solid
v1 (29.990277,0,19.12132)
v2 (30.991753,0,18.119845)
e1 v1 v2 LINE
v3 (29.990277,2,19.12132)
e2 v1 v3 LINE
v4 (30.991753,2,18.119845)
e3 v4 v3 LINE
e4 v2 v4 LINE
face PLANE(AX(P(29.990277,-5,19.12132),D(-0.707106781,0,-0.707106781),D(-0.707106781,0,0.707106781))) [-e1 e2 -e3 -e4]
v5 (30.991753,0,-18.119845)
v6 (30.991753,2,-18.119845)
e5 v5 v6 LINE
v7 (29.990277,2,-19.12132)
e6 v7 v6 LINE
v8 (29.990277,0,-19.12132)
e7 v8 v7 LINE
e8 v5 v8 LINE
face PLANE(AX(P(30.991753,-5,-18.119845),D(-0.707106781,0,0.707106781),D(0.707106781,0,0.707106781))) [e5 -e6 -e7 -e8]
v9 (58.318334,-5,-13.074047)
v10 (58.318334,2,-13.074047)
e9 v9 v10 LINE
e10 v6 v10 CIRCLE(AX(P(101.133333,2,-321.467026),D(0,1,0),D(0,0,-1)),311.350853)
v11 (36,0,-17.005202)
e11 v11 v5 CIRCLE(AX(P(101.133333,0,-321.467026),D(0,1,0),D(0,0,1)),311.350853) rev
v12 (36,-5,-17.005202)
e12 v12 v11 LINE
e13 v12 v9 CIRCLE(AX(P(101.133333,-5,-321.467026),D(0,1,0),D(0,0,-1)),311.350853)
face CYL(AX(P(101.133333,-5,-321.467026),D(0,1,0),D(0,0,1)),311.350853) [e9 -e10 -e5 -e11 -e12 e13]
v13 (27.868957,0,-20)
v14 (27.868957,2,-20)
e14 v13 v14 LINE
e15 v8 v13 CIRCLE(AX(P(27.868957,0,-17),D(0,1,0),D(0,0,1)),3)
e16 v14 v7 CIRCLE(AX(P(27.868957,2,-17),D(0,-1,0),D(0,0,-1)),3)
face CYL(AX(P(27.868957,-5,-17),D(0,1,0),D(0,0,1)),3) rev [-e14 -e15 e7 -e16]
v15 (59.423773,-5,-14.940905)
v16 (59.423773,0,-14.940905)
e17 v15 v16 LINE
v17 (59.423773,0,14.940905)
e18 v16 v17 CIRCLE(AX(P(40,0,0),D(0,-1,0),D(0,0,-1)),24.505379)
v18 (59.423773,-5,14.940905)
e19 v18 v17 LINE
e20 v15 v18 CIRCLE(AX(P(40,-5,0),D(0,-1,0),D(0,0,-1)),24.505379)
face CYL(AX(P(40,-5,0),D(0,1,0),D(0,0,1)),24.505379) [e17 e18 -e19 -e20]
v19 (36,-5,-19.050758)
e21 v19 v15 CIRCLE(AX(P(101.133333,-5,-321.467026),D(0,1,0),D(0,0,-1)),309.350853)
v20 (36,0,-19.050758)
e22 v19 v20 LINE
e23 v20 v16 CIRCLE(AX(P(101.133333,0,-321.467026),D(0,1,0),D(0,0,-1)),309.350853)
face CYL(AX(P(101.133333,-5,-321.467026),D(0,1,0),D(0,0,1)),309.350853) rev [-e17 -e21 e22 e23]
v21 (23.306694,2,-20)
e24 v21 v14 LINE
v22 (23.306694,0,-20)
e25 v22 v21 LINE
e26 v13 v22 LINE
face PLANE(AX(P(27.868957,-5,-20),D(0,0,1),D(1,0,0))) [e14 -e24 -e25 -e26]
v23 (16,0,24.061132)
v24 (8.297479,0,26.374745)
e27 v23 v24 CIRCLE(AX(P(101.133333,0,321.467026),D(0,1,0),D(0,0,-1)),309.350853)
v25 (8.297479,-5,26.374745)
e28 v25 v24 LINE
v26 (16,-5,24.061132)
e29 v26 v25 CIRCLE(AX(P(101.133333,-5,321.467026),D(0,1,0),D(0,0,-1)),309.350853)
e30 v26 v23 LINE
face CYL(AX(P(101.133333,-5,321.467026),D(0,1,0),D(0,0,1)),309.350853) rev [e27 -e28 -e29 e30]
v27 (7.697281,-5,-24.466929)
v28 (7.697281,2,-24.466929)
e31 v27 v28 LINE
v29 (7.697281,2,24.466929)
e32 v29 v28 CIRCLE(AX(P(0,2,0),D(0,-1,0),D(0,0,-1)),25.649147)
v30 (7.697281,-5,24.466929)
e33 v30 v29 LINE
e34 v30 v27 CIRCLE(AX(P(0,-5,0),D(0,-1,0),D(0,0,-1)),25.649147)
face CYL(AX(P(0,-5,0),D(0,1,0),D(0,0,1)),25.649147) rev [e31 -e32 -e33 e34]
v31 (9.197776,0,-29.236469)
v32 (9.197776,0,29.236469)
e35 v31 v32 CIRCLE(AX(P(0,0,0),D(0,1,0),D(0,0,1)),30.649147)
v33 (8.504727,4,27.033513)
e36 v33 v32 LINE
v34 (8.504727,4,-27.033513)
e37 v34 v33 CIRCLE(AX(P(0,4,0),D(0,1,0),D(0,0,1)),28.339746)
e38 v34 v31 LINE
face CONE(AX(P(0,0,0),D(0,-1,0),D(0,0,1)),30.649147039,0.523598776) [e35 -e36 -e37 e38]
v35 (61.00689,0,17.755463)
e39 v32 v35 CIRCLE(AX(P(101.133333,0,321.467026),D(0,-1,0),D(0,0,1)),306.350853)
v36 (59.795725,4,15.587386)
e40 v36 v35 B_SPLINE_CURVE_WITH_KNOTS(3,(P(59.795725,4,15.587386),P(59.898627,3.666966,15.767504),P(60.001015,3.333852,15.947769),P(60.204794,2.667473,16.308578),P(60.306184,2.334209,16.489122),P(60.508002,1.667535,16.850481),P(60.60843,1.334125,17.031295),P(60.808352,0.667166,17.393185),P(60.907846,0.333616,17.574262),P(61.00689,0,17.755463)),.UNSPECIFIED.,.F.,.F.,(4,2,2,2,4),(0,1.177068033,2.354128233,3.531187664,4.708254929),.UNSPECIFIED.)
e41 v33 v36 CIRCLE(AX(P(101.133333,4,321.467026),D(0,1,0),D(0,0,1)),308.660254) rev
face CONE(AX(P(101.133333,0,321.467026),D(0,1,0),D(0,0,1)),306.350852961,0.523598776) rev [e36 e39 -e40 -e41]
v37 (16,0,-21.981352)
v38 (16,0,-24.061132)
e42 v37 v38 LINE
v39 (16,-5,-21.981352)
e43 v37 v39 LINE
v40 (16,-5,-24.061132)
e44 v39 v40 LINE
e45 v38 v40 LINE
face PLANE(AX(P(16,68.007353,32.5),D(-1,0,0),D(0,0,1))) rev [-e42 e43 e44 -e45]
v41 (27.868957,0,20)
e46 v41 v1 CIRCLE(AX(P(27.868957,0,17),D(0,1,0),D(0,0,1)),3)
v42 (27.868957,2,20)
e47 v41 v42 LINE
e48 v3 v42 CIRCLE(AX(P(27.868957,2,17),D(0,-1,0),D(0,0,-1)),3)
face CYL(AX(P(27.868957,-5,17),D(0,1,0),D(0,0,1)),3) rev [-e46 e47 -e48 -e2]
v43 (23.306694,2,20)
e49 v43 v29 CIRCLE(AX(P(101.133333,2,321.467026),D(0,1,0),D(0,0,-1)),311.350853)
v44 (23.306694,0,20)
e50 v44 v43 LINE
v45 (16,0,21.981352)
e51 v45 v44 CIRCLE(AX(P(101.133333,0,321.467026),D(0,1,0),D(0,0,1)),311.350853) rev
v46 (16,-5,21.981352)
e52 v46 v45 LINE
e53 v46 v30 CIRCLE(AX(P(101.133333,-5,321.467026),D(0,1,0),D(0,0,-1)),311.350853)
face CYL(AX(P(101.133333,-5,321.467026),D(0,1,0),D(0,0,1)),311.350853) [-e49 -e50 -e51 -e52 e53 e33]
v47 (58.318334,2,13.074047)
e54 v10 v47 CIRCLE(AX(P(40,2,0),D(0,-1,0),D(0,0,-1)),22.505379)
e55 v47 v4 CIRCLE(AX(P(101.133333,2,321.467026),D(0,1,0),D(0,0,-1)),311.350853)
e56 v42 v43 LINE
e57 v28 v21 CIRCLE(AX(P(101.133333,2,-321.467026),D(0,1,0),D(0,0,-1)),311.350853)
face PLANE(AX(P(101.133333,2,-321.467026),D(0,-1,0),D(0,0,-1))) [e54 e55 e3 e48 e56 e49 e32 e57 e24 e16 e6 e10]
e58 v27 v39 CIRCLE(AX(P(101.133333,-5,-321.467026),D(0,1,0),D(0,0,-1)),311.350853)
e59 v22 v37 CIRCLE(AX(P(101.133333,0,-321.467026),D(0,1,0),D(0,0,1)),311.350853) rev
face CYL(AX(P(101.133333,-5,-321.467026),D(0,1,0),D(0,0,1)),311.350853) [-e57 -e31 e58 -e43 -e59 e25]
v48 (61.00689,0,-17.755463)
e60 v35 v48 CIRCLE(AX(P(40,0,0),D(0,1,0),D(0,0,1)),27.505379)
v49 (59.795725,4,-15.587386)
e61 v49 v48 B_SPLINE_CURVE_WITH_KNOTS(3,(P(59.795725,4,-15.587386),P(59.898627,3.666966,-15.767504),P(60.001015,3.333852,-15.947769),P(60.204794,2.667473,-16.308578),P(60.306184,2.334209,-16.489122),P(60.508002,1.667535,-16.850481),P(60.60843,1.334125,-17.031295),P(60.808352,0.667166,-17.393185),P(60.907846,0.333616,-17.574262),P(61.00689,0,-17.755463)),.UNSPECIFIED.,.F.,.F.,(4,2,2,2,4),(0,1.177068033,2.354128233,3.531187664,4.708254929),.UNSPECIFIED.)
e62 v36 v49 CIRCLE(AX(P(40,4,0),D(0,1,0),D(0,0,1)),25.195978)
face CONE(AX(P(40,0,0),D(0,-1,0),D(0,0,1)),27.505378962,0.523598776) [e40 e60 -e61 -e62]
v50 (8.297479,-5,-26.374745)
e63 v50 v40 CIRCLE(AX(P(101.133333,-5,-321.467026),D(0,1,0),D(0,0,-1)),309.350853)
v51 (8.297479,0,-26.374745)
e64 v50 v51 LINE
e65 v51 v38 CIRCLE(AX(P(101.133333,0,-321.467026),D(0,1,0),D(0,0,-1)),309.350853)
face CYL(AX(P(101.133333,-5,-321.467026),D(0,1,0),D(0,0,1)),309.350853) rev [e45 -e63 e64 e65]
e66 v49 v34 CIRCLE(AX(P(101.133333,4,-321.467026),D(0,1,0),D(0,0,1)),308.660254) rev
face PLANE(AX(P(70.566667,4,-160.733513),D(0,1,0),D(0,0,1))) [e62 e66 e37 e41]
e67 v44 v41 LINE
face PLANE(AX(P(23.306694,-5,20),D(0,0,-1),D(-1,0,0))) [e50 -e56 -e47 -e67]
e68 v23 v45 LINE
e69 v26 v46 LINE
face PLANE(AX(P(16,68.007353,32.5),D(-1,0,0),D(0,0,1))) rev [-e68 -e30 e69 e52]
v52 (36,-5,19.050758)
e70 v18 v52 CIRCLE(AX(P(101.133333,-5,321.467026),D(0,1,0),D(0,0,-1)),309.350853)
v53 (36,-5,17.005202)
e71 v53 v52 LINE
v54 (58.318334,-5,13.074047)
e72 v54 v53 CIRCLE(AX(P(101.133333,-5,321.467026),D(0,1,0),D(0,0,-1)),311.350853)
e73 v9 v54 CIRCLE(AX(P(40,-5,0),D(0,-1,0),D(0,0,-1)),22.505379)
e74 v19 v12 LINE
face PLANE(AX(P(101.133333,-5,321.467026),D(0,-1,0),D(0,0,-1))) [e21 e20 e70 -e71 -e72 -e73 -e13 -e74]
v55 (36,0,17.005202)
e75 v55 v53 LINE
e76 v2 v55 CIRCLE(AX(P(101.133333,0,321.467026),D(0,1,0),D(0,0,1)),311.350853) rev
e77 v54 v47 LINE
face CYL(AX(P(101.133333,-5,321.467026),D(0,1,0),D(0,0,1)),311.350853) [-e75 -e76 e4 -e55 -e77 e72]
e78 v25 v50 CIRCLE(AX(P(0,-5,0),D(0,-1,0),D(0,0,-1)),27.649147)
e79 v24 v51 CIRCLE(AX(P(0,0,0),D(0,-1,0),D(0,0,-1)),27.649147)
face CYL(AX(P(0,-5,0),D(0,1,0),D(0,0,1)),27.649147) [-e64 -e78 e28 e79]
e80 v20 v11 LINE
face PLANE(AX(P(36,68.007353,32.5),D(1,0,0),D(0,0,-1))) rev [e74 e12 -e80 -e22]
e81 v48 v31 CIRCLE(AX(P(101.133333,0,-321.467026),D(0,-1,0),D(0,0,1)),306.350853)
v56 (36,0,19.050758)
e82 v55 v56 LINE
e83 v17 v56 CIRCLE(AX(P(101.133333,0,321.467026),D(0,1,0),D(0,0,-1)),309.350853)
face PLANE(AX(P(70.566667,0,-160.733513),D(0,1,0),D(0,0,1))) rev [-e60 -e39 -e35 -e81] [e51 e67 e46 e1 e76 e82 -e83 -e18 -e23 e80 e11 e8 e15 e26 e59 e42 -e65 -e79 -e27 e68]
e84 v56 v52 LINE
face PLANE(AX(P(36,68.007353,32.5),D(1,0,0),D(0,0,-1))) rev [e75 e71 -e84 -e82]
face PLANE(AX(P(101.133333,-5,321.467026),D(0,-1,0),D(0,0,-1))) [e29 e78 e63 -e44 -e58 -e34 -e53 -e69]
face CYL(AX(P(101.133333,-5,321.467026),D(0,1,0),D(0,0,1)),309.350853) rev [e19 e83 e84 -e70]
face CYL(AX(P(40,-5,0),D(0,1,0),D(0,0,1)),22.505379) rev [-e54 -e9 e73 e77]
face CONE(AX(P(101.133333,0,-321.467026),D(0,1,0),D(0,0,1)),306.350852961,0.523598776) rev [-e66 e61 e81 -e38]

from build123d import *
from build123d.topology import SkipClean

# Parameters (mm, degrees)
BOSS_EXTRUDE1_DEPTH = 4
BOSS_EXTRUDE1_DRAFT = 30
BOSS_EXTRUDE2_DEPTH = 5
CUT_EXTRUDE1_START  = -2
CUT_EXTRUDE1_DEPTH  = 2
SKETCH4_W           = 20
SKETCH4_H           = 65
CUT_EXTRUDE2_DEPTH  = 5


with BuildPart() as part:
    # Sketch1 → Boss-Extrude1 (with draft: the straight prism first)
    with BuildSketch(Plane(origin=(0, 0, 0), x_dir=(1, 0, 0), z_dir=(0, 1, 0))):
        with BuildLine():
            ThreePointArc((9.197775679, 29.236469294), (-30.649147039, 0), (9.197775679, -29.236469294))
            ThreePointArc((9.197775679, -29.236469294), (34.853272727, -22.372060148), (61.006889531, -17.755462936))
            ThreePointArc((61.006889531, -17.755462936), (67.505378962, 0), (61.006889531, 17.755462936))
            ThreePointArc((61.006889531, 17.755462936), (34.853272727, 22.372060148), (9.197775679, 29.236469294))
        make_face()
    extrude(amount=BOSS_EXTRUDE1_DEPTH)
    # Boss-Extrude1: the draft: its side faces are tilted about the plane it starts from
    boss_extrude1_sides = [part.faces().sort_by_distance(p)[0] for p in [
        (34.853272727, 2, -22.372060148),
        (-30.649147039, 2, 0),
        (34.853272727, 2, 22.372060148),
        (67.505378962, 2, 0),
    ]]
    draft(boss_extrude1_sides, Plane(origin=(0, 0, 0), x_dir=(1, 0, 0), z_dir=(0, 1, 0)), BOSS_EXTRUDE1_DRAFT)

    # Sketch2 → Boss-Extrude2 (add)
    with BuildSketch(Plane.XZ):
        with BuildLine():
            Line((27.868957123, -22), (23.561105774, -22))
            ThreePointArc((23.561105774, -22), (15.901219685, -24.089426048), (8.297478943, -26.374745026))
            ThreePointArc((8.297478943, -26.374745026), (-27.649147039, 0), (8.297478943, 26.374745026))
            ThreePointArc((8.297478943, 26.374745026), (15.901219685, 24.089426048), (23.561105774, 22))
            Line((23.561105774, 22), (27.868957123, 22))
            ThreePointArc((27.868957123, 22), (29.782374284, 21.619397663), (31.404491029, 20.535533906))
            Line((31.404491029, 20.535533906), (32, 19.940024934))
            ThreePointArc((32, 19.940024934), (45.655548758, 17.131412627), (59.423772768, 14.940905244))
            ThreePointArc((59.423772768, 14.940905244), (64.505378962, 0), (59.423772768, -14.940905244))
            ThreePointArc((59.423772768, -14.940905244), (45.655548758, -17.131412627), (32, -19.940024934))
            Line((32, -19.940024934), (31.404491029, -20.535533906))
            ThreePointArc((31.404491029, -20.535533906), (29.782374284, -21.619397663), (27.868957123, -22))
        make_face()
        with BuildLine():
            Line((27.868957123, -20), (23.306693962, -20))
            ThreePointArc((23.306693962, -20), (15.472865522, -22.131699291), (7.697281119, -24.466928847))
            ThreePointArc((7.697281119, -24.466928847), (-25.649147039, 0), (7.697281119, 24.466928847))
            ThreePointArc((7.697281119, 24.466928847), (15.472865522, 22.131699291), (23.306693962, 20))
            Line((23.306693962, 20), (27.868957123, 20))
            ThreePointArc((27.868957123, 20), (29.01700742, 19.771638598), (29.990277466, 19.121320344))
            Line((29.990277466, 19.121320344), (30.991752856, 18.119844953))
            ThreePointArc((30.991752856, 18.119844953), (44.598722443, 15.291926863), (58.318334372, 13.074047119))
            ThreePointArc((58.318334372, 13.074047119), (62.505378962, 0), (58.318334372, -13.074047119))
            ThreePointArc((58.318334372, -13.074047119), (44.598722443, -15.291926863), (30.991752856, -18.119844953))
            Line((30.991752856, -18.119844953), (29.990277466, -19.121320344))
            ThreePointArc((29.990277466, -19.121320344), (29.01700742, -19.771638598), (27.868957123, -20))
        make_face(mode=Mode.SUBTRACT)
    extrude(amount=BOSS_EXTRUDE2_DEPTH)

    # Sketch3 → Cut-Extrude1 (cut)
    with SkipClean():  # the faces are left unmerged after this step: merging them gives an invalid solid
        with BuildSketch(Plane.XZ.offset(CUT_EXTRUDE1_START)):
            with BuildLine():
                Line((23.306693962, -20), (27.868957123, -20))
                ThreePointArc((27.868957123, -20), (29.01700742, -19.771638598), (29.990277466, -19.121320344))
                Line((29.990277466, -19.121320344), (30.991752856, -18.119844953))
                ThreePointArc((30.991752856, -18.119844953), (44.598722443, -15.291926863), (58.318334372, -13.074047119))
                ThreePointArc((58.318334372, -13.074047119), (62.505378962, 0), (58.318334372, 13.074047119))
                ThreePointArc((58.318334372, 13.074047119), (44.598722443, 15.291926863), (30.991752856, 18.119844953))
                Line((30.991752856, 18.119844953), (29.990277466, 19.121320344))
                ThreePointArc((29.990277466, 19.121320344), (29.01700742, 19.771638598), (27.868957123, 20))
                Line((27.868957123, 20), (23.306693962, 20))
                ThreePointArc((23.306693962, 20), (15.472865522, 22.131699291), (7.697281119, 24.466928847))
                ThreePointArc((7.697281119, 24.466928847), (-25.649147039, 0), (7.697281119, -24.466928847))
                ThreePointArc((7.697281119, -24.466928847), (15.472865522, -22.131699291), (23.306693962, -20))
            make_face()
        extrude(amount=CUT_EXTRUDE1_DEPTH, mode=Mode.SUBTRACT)

    # Sketch4 → Cut-Extrude2 (cut)
    with SkipClean():  # the faces are left unmerged after this step: merging them gives an invalid solid
        with BuildSketch(Plane.XZ.offset(5)):
            with Locations((26, 0)):
                Rectangle(SKETCH4_W, SKETCH4_H)
        extrude(amount=-CUT_EXTRUDE2_DEPTH, mode=Mode.SUBTRACT)


solid = part.part
